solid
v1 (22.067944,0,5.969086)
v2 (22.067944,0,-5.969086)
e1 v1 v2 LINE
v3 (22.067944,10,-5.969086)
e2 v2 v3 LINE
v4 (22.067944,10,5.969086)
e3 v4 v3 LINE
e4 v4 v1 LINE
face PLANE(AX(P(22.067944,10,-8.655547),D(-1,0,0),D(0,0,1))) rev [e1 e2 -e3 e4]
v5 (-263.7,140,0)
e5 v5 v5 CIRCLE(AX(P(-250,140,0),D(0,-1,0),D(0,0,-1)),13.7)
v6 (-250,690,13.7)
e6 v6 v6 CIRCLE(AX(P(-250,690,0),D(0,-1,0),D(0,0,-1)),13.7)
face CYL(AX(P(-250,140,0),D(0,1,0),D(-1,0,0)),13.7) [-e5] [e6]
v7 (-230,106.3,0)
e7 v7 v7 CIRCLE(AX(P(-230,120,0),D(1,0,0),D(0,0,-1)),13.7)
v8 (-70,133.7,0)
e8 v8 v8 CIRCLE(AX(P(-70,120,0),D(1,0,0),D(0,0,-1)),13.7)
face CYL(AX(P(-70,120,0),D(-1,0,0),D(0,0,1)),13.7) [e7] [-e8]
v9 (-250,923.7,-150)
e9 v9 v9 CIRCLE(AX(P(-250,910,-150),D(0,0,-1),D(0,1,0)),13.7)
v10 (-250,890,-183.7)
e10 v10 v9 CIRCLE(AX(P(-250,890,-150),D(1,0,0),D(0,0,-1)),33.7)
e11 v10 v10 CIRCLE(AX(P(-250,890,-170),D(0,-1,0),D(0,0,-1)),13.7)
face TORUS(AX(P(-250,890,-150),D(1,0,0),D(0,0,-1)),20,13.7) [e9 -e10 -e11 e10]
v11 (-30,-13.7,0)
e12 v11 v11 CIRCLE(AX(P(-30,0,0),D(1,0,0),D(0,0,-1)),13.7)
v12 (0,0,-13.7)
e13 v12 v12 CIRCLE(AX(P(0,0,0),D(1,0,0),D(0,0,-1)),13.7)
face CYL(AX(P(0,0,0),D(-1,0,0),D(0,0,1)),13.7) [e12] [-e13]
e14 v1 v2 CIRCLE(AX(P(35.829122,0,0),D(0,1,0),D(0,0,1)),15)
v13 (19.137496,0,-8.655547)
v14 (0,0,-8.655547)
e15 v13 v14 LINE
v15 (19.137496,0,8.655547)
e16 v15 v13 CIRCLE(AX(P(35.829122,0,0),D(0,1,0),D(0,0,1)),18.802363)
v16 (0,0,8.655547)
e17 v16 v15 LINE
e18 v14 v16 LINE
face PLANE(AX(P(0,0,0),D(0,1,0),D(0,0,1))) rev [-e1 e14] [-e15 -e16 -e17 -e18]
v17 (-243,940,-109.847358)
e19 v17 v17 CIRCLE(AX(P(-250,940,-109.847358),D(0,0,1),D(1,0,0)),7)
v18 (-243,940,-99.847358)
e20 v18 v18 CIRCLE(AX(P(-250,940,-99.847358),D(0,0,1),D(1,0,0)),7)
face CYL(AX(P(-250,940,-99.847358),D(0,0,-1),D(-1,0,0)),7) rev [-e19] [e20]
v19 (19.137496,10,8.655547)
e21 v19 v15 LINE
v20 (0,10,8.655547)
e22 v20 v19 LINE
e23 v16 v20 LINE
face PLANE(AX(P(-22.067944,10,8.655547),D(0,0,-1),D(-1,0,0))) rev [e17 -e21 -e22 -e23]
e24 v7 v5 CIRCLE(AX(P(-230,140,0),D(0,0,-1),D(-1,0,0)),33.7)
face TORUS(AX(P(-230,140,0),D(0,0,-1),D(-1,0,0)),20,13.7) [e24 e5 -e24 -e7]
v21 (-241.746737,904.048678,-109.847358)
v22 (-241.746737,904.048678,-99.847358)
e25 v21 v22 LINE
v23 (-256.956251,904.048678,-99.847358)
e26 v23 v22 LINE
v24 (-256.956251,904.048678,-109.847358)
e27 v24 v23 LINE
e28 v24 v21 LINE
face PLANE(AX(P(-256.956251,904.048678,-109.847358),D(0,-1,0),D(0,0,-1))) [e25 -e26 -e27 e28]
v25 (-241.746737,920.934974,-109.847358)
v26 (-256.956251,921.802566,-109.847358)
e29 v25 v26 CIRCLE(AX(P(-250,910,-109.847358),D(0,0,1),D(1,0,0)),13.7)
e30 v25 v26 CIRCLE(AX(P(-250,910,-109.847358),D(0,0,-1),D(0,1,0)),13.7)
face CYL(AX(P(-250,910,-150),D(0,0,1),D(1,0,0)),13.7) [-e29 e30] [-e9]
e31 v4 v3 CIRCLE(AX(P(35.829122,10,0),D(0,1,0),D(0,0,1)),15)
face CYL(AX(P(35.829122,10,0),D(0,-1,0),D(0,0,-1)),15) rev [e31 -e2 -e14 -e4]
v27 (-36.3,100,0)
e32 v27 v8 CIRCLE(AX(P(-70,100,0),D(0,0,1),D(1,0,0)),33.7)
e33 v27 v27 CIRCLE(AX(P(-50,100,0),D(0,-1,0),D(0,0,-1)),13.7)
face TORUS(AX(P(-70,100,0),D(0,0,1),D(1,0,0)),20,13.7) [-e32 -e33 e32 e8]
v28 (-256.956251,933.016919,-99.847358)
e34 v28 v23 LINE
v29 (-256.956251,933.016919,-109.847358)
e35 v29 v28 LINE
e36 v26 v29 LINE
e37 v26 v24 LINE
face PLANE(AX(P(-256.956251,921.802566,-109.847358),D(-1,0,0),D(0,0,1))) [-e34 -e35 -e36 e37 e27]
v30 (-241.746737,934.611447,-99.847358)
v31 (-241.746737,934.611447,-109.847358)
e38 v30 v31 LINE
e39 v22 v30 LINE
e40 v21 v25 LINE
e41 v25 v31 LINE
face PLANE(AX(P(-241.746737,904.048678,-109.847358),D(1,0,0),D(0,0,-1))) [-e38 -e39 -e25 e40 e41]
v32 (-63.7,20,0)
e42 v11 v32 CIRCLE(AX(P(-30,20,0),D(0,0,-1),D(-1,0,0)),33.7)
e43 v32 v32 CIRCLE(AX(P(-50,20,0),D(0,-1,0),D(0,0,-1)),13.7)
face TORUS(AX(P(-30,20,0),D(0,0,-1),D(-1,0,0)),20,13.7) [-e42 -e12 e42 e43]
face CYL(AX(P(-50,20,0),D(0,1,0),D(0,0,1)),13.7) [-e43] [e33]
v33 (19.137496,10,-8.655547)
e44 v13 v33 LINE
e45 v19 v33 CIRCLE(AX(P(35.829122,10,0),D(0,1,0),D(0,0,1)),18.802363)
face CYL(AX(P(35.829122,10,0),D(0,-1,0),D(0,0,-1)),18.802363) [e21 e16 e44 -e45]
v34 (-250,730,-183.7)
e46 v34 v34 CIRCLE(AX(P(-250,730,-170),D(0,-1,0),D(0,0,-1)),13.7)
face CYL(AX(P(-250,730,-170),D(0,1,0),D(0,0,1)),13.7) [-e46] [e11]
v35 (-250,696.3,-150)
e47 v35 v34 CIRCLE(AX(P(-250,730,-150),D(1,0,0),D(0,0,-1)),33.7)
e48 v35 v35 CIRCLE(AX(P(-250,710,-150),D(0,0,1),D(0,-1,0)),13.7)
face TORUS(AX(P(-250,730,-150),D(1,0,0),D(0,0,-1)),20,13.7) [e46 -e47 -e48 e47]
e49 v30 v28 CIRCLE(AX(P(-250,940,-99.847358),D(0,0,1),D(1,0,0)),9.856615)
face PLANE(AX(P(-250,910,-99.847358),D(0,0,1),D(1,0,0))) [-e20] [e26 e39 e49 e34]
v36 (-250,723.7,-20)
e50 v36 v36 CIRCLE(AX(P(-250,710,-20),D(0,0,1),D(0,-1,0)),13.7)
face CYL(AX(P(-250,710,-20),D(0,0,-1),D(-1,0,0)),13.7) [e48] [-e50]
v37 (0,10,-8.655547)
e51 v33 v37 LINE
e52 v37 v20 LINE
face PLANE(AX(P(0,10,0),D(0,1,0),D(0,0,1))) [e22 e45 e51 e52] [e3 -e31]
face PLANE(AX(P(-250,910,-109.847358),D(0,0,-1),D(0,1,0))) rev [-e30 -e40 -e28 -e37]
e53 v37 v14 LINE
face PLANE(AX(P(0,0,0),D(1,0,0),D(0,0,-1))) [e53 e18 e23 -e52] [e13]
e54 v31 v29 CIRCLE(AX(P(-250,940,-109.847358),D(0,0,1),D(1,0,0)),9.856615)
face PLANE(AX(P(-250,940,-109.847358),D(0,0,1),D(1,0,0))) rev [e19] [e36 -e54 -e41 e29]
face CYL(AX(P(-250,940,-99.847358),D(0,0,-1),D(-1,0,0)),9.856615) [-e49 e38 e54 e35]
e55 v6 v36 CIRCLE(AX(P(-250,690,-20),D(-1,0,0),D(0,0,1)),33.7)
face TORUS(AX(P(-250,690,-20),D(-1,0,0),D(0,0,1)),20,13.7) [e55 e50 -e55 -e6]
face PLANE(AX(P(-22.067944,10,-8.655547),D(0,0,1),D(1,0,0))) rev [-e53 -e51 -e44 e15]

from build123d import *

# Parameters (mm, degrees)
CROQUIS1_R              = 13.7
CROQUIS2_R              = 18.802363286
CROQUIS2_R_2            = 15
SALIENTE_EXTRUIR1_DEPTH = 10
CROQUIS3_W              = 44.13588892
CROQUIS3_H              = 17.311093538
SALIENTE_EXTRUIR2_DEPTH = 10
CROQUIS4_R              = 9.856614663
CROQUIS4_R_2            = 7
SALIENTE_EXTRUIR3_DEPTH = 10
SALIENTE_EXTRUIR4_DEPTH = 10
SALIENTE_EXTRUIR5_DEPTH = 10


with BuildPart() as part:
    # Barrer1: sweep along a curve in space
    with BuildLine() as barrer1_path:
        Line((0, 0, 0), (-30, 0, 0))
        ThreePointArc((-30, 0, 0), (-44.142135624, 5.857864376, 0), (-50, 20, 0))
        Line((-50, 20, 0), (-50, 100, 0))
        ThreePointArc((-70, 120, 0), (-55.857864376, 114.142135624, 0), (-50, 100, 0))
        Line((-70, 120, 0), (-230, 120, 0))
        ThreePointArc((-230, 120, 0), (-244.142135624, 125.857864376, 0), (-250, 140, 0))
        Line((-250, 140, 0), (-250, 690, 0))
        ThreePointArc((-250, 690, 0), (-250, 704.142135624, -5.857864376), (-250, 710, -20))
        Line((-250, 710, -20), (-250, 710, -150))
        ThreePointArc((-250, 710, -150), (-250, 715.857864376, -164.142135624), (-250, 730, -170))
        Line((-250, 730, -170), (-250, 890, -170))
        ThreePointArc((-250, 890, -170), (-250, 904.142135624, -164.142135624), (-250, 910, -150))
        Line((-250, 910, -150), (-250, 910, -109.84735752))
    # Croquis1 → Barrer1 (sweep)
    with BuildSketch(Plane(origin=(0, 0, 0), x_dir=(0, 0, -1), z_dir=(1, 0, 0))):
        Circle(CROQUIS1_R)
    sweep(path=barrer1_path.line)



with BuildPart() as body_2:
    # Croquis2 → Saliente-Extruir1 (new body)
    with BuildSketch(Plane(origin=(0, 0, 0), x_dir=(1, 0, 0), z_dir=(0, 1, 0))):
        with Locations((35.829122369, 0)):
            Circle(CROQUIS2_R)
        with Locations((35.829122369, 0)):
            Circle(CROQUIS2_R_2, mode=Mode.SUBTRACT)
    extrude(amount=SALIENTE_EXTRUIR1_DEPTH)


with BuildPart() as part_1:
    add(part.part)

    add(body_2.part)  # Saliente-Extruir2 merges body 2
    # Croquis3 → Saliente-Extruir2 (add)
    with BuildSketch(Plane(origin=(0, 0, 0), x_dir=(1, 0, 0), z_dir=(0, 1, 0))):
        Rectangle(CROQUIS3_W, CROQUIS3_H)
    extrude(amount=SALIENTE_EXTRUIR2_DEPTH)



with BuildPart() as body_2_2:
    # Croquis4 → Saliente-Extruir3 (new body)
    with BuildSketch(Plane.XY.offset(-109.84735752)):
        with Locations((-250, 940)):
            Circle(CROQUIS4_R)
        with Locations((-250, 940)):
            Circle(CROQUIS4_R_2, mode=Mode.SUBTRACT)
    extrude(amount=SALIENTE_EXTRUIR3_DEPTH)

    # Croquis5 → Saliente-Extruir4 (add)
    with BuildSketch(Plane.XY.offset(-109.84735752)):
        with BuildLine():
            Line((-241.746737266, 934.611446683), (-245.5319475, 934.611446683))
            ThreePointArc((-245.5319475, 934.611446683), (-250, 933), (-254.4680525, 934.611446683))
            Line((-254.4680525, 934.611446683), (-256.956251406, 934.611446683))
            Line((-256.956251406, 934.611446683), (-256.956251406, 921.802566093))
            ThreePointArc((-256.956251406, 921.802566093), (-249.219782948, 923.677765218), (-241.746737266, 920.934973902))
            Line((-241.746737266, 920.934973902), (-241.746737266, 934.611446683))
        make_face()
    extrude(amount=SALIENTE_EXTRUIR4_DEPTH)


with BuildPart() as part_2:
    add(part_1.part)

    add(body_2_2.part)  # Saliente-Extruir5 merges body 2 2
    # Croquis6 → Saliente-Extruir5 (add)
    with BuildSketch(Plane.XY.offset(-99.84735752)):
        with BuildLine():
            Line((-256.956251406, 921.802566093), (-256.956251406, 904.048678117))
            Line((-256.956251406, 904.048678117), (-241.746737266, 904.048678117))
            Line((-241.746737266, 904.048678117), (-241.746737266, 920.934973902))
            ThreePointArc((-241.746737266, 920.934973902), (-249.219782948, 923.677765218), (-256.956251406, 921.802566093))
        make_face()
    extrude(amount=-SALIENTE_EXTRUIR5_DEPTH)


solid = part_2.part
